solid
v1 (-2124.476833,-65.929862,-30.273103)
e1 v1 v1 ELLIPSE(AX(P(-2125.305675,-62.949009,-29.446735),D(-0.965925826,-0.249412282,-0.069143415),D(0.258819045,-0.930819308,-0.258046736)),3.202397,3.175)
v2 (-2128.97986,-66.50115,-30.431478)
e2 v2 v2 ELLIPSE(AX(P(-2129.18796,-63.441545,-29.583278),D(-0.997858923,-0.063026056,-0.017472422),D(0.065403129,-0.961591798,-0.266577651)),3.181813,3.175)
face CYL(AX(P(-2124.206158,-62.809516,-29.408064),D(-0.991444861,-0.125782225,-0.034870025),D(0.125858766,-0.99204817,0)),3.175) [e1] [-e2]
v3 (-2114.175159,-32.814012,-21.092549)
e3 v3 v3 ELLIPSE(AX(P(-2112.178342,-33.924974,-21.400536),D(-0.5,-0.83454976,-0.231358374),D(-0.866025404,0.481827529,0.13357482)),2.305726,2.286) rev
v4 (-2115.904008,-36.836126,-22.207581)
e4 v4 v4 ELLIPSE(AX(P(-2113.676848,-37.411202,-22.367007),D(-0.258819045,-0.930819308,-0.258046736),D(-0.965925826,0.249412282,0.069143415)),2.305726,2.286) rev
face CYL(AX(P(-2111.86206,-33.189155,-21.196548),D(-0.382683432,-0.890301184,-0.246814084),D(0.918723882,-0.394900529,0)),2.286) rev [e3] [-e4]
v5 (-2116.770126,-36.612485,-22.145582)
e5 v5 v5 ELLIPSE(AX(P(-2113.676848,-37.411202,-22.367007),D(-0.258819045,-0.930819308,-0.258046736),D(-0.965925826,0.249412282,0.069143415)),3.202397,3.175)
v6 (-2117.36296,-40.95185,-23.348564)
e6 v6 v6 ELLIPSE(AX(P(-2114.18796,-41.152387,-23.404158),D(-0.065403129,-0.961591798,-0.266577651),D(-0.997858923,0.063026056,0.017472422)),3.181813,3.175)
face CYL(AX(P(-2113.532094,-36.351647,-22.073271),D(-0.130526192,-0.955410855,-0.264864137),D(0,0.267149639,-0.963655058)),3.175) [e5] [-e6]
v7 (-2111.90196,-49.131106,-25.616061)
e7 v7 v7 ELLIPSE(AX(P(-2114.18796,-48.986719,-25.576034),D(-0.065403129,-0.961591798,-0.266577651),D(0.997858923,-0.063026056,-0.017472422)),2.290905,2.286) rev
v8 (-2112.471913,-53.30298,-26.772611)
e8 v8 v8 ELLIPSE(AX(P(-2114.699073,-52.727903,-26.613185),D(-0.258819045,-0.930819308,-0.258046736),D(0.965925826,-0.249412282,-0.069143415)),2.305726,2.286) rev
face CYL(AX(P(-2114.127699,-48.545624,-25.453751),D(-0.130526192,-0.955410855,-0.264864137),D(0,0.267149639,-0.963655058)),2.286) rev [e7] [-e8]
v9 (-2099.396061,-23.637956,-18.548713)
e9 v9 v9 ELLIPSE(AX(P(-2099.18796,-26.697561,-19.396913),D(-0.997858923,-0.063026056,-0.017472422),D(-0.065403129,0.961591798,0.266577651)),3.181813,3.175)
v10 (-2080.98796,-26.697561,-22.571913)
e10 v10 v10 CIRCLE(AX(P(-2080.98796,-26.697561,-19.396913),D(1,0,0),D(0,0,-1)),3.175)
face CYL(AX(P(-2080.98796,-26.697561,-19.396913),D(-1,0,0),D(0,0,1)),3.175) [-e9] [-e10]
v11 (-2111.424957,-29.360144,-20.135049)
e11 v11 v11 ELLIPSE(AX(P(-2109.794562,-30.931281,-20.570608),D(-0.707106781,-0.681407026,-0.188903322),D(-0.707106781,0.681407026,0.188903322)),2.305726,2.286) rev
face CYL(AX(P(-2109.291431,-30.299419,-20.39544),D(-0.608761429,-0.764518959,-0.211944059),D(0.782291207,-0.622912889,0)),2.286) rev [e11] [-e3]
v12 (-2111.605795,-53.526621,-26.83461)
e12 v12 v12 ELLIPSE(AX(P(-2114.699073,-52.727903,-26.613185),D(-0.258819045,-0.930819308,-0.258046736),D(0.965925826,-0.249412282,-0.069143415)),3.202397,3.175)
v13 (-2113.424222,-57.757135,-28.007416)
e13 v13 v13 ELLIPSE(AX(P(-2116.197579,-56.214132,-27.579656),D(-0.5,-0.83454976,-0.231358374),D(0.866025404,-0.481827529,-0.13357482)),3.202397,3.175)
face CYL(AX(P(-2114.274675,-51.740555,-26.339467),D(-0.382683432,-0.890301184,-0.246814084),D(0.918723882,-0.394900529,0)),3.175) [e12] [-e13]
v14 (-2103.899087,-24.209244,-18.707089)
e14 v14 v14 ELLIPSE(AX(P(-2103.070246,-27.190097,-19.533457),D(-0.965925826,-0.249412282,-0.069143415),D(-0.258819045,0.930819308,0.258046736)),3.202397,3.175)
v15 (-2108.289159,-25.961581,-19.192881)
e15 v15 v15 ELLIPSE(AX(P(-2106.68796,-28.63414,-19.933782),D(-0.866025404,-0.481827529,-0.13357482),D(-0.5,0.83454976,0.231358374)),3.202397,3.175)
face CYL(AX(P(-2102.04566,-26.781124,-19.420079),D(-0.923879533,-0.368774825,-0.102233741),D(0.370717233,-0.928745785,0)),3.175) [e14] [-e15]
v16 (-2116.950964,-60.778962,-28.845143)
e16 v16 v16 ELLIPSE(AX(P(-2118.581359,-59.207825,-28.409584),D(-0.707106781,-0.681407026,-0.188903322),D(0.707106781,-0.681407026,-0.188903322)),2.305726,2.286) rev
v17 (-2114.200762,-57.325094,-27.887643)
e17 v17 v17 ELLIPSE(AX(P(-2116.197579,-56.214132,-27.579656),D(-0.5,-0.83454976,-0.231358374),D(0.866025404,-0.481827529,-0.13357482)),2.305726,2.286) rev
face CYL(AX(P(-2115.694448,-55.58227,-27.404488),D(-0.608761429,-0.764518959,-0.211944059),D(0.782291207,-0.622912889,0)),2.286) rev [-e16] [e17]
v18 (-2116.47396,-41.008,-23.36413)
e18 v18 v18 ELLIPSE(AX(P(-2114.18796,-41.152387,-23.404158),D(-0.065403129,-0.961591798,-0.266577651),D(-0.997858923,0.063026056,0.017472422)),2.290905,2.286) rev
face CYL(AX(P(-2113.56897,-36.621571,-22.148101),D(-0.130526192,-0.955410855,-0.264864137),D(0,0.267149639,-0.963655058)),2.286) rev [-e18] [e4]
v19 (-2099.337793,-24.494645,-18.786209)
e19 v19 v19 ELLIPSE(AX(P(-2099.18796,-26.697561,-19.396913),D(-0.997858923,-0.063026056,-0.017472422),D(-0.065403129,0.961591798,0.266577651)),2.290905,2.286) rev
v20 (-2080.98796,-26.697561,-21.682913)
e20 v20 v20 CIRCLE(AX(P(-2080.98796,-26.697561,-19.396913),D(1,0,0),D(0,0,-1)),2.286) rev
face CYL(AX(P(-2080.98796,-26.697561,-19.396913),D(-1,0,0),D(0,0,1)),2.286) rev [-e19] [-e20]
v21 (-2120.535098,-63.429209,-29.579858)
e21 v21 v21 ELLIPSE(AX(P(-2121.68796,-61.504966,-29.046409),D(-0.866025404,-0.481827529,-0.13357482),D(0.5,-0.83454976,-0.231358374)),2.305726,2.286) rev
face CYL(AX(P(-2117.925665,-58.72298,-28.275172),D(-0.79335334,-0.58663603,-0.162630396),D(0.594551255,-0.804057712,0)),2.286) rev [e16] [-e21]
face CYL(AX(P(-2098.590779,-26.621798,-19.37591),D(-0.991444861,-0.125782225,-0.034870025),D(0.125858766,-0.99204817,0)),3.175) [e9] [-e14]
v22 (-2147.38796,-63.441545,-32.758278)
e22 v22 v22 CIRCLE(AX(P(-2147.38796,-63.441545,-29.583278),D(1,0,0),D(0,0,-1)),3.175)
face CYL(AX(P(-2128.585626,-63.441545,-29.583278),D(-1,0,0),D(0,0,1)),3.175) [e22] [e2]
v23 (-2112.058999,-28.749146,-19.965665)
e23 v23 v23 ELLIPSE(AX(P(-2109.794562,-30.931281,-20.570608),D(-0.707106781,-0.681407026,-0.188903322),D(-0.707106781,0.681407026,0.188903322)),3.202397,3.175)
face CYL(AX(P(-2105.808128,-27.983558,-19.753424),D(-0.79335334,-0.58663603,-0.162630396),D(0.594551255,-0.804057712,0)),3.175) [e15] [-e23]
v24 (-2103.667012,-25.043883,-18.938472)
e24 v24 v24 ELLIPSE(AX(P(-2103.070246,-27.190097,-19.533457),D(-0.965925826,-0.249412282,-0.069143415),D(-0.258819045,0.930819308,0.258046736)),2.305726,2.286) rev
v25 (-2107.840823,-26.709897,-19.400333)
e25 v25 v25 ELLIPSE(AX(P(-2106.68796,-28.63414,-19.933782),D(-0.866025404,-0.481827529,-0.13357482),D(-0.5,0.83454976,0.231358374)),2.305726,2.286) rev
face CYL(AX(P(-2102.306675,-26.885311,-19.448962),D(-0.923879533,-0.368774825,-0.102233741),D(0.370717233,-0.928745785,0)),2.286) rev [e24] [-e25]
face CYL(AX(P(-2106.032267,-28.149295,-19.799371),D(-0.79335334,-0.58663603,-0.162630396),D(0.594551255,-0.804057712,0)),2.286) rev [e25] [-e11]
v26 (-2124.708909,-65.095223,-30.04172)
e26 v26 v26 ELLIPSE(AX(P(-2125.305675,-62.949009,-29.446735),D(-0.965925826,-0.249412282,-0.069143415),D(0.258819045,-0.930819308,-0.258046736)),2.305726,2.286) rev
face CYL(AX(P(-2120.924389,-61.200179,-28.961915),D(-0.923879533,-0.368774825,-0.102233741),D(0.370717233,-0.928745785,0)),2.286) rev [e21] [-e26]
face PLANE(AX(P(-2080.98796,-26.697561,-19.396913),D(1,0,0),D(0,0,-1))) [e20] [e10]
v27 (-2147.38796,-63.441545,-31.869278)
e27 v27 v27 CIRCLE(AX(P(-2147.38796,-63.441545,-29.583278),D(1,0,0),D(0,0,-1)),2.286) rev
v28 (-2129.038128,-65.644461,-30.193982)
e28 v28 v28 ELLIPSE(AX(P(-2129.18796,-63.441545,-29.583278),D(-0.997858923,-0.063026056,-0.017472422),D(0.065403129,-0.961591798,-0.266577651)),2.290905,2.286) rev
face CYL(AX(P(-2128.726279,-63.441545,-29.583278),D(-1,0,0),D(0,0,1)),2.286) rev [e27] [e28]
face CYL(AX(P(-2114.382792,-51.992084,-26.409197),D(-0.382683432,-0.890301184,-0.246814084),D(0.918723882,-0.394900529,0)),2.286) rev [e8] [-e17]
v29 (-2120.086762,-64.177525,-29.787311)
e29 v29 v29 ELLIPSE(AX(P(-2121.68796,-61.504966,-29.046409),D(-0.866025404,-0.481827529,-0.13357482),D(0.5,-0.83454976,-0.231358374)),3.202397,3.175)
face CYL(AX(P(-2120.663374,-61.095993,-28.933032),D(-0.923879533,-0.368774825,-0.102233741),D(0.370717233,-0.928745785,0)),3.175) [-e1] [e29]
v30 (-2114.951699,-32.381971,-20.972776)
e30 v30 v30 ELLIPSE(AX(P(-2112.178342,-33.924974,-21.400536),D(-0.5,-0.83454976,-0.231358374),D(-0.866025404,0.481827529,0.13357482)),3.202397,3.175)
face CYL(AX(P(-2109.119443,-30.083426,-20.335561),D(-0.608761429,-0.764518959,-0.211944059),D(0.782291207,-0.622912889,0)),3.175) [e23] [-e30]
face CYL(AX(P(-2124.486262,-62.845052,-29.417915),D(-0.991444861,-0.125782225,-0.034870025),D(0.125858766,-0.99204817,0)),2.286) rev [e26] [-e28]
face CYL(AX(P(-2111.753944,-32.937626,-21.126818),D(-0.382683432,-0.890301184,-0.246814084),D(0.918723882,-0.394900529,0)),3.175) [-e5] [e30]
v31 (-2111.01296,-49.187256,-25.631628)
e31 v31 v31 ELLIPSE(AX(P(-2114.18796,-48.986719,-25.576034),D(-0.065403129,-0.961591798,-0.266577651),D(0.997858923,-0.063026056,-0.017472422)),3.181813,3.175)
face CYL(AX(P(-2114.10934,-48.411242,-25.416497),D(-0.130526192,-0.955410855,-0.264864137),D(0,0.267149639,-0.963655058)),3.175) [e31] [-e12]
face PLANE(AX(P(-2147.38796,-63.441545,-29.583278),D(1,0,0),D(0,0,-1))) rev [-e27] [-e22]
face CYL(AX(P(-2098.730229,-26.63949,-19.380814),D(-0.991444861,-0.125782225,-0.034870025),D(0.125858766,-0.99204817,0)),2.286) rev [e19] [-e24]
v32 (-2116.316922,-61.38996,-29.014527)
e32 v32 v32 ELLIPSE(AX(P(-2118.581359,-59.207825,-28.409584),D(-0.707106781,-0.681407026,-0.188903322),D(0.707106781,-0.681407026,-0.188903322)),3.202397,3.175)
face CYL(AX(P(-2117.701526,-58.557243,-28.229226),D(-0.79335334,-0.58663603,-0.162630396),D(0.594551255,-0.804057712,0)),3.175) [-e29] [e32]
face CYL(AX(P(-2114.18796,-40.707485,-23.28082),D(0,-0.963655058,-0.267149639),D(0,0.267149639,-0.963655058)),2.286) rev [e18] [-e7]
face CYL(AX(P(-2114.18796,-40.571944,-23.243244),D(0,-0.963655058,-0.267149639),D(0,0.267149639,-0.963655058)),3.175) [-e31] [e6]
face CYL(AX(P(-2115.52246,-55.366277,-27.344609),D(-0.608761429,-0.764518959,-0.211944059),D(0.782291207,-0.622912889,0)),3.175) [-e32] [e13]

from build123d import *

# Parameters (mm, degrees)
PROFILE_R   = 3.175
PROFILE_R_2 = 2.286


with BuildPart() as part:
    # Tube: sweep along a curve in space
    with BuildLine() as tube_path:
        Line((-2080.987960479, -26.697560814, -19.396913326), (-2099.187960479, -26.697560814, -19.396913326))
        Line((-2099.187960479, -26.697560814, -19.396913326), (-2103.070246155, -27.190097062, -19.533456874))
        Line((-2103.070246155, -27.190097062, -19.533456874), (-2106.687960479, -28.634140273, -19.933782302))
        Line((-2106.687960479, -28.634140273, -19.933782302), (-2109.794562197, -30.931281289, -20.570608092))
        Line((-2109.794562197, -30.931281289, -20.570608092), (-2112.178341536, -33.924973747, -21.400535621))
        Line((-2112.178341536, -33.924973747, -21.400535621), (-2113.676847873, -37.411202452, -22.367006697))
        Line((-2113.676847873, -37.411202452, -22.367006697), (-2114.187960479, -41.15238668, -23.404157916))
        Line((-2114.187960479, -41.15238668, -23.404157916), (-2114.187960479, -48.986719227, -25.576033732))
        Line((-2114.187960479, -48.986719227, -25.576033732), (-2114.699073085, -52.727903455, -26.61318495))
        Line((-2114.699073085, -52.727903455, -26.61318495), (-2116.197579422, -56.21413216, -27.579656027))
        Line((-2116.197579422, -56.21413216, -27.579656027), (-2118.581358761, -59.207824618, -28.409583555))
        Line((-2118.581358761, -59.207824618, -28.409583555), (-2121.687960479, -61.504965634, -29.046409346))
        Line((-2121.687960479, -61.504965634, -29.046409346), (-2125.305674802, -62.949008845, -29.446734774))
        Line((-2125.305674802, -62.949008845, -29.446734774), (-2129.187960479, -63.441545093, -29.583278322))
        Line((-2129.187960479, -63.441545093, -29.583278322), (-2147.387960479, -63.441545093, -29.583278322))
    # Profile → Tube (sweep)
    with BuildSketch(Plane(origin=(-2080.987960479, 0, 0), x_dir=(0, 0, -1), z_dir=(1, 0, 0))):
        with Locations((19.396913326, -26.697560814)):
            Circle(PROFILE_R)
        with Locations((19.396913326, -26.697560814)):
            Circle(PROFILE_R_2, mode=Mode.SUBTRACT)
    sweep(path=tube_path.line, transition=Transition.RIGHT)


solid = part.part
